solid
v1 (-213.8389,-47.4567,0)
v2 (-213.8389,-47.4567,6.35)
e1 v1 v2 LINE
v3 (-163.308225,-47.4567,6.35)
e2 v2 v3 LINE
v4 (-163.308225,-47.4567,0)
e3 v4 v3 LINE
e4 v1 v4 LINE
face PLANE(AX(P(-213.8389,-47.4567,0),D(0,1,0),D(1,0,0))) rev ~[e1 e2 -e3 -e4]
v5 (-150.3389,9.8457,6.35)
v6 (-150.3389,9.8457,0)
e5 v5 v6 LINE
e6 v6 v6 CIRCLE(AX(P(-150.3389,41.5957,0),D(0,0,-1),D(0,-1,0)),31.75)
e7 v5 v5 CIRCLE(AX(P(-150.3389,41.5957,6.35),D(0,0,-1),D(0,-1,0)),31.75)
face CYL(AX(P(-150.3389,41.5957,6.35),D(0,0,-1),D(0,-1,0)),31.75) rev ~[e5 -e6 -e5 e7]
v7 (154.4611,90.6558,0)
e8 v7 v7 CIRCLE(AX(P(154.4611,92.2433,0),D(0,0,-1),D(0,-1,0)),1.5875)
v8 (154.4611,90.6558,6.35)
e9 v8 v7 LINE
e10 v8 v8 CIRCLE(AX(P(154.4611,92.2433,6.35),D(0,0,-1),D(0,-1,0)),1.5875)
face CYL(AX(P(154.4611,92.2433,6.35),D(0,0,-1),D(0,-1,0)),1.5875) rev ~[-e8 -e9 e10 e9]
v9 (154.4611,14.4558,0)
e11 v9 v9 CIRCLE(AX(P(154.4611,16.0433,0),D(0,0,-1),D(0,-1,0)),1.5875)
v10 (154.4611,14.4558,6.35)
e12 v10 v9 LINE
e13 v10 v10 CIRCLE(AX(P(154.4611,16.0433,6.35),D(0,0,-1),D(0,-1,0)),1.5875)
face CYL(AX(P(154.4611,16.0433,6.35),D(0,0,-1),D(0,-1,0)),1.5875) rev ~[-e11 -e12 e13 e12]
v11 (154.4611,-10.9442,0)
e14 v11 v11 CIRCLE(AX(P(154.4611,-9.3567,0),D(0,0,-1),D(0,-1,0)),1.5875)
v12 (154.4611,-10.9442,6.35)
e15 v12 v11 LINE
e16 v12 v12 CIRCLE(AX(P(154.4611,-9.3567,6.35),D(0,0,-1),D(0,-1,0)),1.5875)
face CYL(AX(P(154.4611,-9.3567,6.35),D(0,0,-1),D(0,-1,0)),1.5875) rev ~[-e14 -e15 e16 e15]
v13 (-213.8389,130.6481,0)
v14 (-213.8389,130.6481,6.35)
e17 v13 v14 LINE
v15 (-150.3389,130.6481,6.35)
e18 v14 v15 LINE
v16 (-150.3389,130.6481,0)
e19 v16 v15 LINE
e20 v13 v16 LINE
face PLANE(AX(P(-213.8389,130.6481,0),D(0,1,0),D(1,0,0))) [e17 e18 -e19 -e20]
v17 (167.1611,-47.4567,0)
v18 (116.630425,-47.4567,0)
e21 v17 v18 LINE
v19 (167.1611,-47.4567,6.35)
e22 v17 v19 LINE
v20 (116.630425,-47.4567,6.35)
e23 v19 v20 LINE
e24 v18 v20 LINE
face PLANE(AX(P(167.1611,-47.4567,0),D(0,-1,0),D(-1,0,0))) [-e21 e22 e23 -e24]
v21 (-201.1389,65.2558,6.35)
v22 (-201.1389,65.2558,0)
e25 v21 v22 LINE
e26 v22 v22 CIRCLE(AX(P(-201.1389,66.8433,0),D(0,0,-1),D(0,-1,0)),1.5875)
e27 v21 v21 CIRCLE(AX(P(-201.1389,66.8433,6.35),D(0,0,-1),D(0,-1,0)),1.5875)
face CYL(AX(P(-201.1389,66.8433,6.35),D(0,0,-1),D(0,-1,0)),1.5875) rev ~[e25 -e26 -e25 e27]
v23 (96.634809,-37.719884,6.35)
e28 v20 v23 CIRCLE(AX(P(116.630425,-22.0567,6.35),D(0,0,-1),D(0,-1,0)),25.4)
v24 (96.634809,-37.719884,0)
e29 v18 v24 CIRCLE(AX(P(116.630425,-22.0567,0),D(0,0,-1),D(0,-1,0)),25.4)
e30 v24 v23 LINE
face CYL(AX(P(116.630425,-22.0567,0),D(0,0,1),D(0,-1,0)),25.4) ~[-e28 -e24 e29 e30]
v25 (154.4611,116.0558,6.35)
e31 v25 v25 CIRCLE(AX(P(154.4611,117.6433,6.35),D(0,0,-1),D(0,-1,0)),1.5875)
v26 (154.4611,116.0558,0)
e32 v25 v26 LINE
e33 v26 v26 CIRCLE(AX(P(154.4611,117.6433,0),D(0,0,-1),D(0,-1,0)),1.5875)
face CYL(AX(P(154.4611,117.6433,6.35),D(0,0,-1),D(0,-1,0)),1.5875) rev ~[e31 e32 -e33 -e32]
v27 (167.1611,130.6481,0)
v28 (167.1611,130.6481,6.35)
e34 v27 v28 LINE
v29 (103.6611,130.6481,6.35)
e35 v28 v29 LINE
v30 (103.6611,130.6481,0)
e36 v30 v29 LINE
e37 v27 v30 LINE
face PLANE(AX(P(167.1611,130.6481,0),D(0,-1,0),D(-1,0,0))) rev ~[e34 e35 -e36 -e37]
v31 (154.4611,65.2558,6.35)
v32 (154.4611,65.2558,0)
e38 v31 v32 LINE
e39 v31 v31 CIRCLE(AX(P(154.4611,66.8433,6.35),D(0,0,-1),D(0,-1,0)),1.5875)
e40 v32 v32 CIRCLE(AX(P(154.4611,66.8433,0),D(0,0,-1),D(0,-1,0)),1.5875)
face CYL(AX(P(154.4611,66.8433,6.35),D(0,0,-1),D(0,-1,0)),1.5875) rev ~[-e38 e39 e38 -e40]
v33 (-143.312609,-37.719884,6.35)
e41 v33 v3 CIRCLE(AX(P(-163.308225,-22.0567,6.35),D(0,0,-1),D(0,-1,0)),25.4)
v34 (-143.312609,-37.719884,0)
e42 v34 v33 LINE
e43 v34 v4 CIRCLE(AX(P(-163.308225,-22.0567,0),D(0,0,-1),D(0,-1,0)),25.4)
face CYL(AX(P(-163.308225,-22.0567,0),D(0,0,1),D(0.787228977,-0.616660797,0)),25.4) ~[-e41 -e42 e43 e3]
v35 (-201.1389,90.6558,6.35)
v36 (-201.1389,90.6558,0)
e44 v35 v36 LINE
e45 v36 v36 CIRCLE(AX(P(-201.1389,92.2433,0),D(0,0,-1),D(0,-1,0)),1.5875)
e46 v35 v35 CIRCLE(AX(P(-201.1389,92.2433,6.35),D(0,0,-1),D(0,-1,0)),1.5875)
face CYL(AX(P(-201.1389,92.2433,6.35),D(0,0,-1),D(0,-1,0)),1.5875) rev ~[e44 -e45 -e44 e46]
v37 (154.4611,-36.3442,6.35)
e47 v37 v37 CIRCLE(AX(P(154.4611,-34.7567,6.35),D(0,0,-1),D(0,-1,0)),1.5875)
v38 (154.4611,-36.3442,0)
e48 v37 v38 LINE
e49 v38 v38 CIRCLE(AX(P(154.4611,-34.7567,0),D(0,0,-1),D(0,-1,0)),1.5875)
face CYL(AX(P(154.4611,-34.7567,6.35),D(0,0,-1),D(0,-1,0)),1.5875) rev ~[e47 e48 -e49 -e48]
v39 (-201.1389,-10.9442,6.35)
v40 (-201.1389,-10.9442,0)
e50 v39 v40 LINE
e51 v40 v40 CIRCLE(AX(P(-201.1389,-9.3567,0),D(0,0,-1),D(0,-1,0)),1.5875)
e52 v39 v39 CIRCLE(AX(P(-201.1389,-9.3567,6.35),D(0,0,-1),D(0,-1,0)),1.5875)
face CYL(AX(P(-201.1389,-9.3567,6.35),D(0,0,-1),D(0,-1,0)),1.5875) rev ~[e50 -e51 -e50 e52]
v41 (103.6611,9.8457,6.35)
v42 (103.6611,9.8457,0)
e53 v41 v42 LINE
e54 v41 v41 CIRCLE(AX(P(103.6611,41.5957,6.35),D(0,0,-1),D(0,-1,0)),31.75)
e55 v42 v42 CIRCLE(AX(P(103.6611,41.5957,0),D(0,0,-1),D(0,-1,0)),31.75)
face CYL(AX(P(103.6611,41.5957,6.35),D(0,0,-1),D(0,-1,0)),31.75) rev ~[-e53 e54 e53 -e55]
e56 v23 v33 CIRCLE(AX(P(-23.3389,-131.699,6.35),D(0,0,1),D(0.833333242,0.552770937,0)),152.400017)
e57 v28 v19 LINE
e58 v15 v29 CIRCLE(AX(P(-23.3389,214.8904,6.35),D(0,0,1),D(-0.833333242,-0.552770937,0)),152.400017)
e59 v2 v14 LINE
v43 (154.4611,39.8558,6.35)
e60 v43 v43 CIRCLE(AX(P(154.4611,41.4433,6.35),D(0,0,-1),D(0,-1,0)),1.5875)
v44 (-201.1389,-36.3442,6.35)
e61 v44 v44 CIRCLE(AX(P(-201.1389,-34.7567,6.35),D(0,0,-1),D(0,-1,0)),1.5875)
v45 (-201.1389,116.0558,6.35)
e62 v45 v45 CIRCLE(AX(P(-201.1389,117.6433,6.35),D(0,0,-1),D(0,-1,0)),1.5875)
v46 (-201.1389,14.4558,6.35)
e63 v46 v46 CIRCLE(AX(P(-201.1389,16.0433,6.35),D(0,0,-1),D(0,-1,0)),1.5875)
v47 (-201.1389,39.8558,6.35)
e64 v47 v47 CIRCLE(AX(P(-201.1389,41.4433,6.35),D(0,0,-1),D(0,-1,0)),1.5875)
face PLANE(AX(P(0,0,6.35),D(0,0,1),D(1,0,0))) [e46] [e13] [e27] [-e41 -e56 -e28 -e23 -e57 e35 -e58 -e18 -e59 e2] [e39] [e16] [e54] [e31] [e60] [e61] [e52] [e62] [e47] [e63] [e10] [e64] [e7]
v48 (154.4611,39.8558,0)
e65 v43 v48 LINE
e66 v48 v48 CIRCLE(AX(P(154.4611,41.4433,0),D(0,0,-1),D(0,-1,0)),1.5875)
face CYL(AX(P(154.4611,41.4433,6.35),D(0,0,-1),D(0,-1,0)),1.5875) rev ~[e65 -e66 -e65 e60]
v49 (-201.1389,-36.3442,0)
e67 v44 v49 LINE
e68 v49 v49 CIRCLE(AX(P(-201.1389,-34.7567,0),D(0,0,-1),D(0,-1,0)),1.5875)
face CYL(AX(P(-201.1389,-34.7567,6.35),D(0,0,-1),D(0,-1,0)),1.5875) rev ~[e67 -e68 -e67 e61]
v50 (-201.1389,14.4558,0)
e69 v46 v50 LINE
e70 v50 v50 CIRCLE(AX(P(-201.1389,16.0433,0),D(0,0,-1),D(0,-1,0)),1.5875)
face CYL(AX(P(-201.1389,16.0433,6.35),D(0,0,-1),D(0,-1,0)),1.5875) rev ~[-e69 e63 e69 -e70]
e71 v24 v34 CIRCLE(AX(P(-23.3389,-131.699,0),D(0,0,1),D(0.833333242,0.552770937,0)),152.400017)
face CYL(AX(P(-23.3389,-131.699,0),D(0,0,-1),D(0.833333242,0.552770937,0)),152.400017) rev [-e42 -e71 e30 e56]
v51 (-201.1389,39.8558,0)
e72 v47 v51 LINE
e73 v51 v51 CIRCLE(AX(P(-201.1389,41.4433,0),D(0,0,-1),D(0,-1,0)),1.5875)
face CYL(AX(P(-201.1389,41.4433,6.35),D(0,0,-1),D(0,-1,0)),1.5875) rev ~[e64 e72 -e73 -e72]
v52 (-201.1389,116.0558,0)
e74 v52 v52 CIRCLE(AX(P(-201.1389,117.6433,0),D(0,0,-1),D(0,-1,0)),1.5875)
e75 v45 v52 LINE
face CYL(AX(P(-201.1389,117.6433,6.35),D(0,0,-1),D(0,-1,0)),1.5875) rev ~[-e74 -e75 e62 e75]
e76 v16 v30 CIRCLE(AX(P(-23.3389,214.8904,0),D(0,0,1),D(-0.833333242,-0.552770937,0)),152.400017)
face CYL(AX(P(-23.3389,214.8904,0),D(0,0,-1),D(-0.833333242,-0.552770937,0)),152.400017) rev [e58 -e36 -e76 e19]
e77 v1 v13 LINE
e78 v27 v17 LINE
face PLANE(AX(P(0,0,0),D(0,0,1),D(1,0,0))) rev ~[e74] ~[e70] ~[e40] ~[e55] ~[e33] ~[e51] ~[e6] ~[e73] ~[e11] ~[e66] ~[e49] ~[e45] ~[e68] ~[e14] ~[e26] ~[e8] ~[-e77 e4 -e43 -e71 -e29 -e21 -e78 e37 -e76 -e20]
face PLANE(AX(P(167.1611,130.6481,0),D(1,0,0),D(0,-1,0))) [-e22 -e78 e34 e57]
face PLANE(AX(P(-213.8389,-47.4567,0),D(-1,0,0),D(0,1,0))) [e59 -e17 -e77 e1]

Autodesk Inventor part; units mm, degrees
ref_plane "YZ Plane" through (0, 0, 0) normal (1, 0, 0) x (0, 1, 0)
ref_plane "XZ Plane" through (0, 0, 0) normal (0, 1, 0) x (-1, 0, 0)
ref_plane "XY Plane" through (0, 0, 0) normal (0, 0, 1) x (1, 0, 0)
sketch "Sketch1" plane through (0, 0, 0) normal (0, 0, 1) x (1, 0, 0)
  line L0 (167.1611, 130.6481) -> (167.1611, -47.4567)
  line L1 (-213.8389, -47.4567) -> (-213.8389, 130.6481)
  line L2 (-213.8389, -47.4567) -> (-150.3389, -47.4567)
  line L3 (167.1611, -47.4567) -> (103.6611, -47.4567)
  arc A0 (103.6611, -47.4567) -> (-150.3389, -47.4567) centre (-23.3389, -131.699) ccw
  line L4 (-213.8389, 130.6481) -> (-150.3389, 130.6481)
  line L5 (167.1611, 130.6481) -> (103.6611, 130.6481)
  arc A1 (-150.3389, 130.6481) -> (103.6611, 130.6481) centre (-23.3389, 214.8904) ccw
  point P0 (0, 0)
  dimension "d0" = 381
  dimension "d1" = 178.1048
  dimension "d35" = 63.5
  dimension "d36" = 63.5
  dimension "d39" = 152.4
  dimension "d40" = 63.5
  dimension "d41" = 63.5
  dimension "d42" = 152.4
extrude "Extrusion1" add sketch "Sketch1" along normal blind 6.35
fillet "Fillet1" radius 25.4 2 edges at (-150.3389, -47.4567, 3.175) (103.6611, -47.4567, 3.175)
hole "Hole1" at (-150.3389, 41.5957, 6.35) direction (0, 0, -1) diameter 63.5 end through all
hole "Hole2" at (103.6611, 41.5957, 6.35) direction (0, 0, -1) diameter 63.5 end through all
hole "Hole3" at (-201.1389, -34.7567, 6.35) direction (0, 0, -1) diameter 3.175 end through all
hole "Hole4" at (154.4611, -34.7567, 6.35) direction (0, 0, -1) diameter 3.175 end through all
pattern_linear "Rectangular Pattern4" count 7 spacing 25.4 along (0, 1, 0) of "Hole3"
pattern_linear "Rectangular Pattern5" count 7 spacing 25.4 along (0, 1, 0) of "Hole4"
properties part number "Devant - Haut Rammasse-Balle"
